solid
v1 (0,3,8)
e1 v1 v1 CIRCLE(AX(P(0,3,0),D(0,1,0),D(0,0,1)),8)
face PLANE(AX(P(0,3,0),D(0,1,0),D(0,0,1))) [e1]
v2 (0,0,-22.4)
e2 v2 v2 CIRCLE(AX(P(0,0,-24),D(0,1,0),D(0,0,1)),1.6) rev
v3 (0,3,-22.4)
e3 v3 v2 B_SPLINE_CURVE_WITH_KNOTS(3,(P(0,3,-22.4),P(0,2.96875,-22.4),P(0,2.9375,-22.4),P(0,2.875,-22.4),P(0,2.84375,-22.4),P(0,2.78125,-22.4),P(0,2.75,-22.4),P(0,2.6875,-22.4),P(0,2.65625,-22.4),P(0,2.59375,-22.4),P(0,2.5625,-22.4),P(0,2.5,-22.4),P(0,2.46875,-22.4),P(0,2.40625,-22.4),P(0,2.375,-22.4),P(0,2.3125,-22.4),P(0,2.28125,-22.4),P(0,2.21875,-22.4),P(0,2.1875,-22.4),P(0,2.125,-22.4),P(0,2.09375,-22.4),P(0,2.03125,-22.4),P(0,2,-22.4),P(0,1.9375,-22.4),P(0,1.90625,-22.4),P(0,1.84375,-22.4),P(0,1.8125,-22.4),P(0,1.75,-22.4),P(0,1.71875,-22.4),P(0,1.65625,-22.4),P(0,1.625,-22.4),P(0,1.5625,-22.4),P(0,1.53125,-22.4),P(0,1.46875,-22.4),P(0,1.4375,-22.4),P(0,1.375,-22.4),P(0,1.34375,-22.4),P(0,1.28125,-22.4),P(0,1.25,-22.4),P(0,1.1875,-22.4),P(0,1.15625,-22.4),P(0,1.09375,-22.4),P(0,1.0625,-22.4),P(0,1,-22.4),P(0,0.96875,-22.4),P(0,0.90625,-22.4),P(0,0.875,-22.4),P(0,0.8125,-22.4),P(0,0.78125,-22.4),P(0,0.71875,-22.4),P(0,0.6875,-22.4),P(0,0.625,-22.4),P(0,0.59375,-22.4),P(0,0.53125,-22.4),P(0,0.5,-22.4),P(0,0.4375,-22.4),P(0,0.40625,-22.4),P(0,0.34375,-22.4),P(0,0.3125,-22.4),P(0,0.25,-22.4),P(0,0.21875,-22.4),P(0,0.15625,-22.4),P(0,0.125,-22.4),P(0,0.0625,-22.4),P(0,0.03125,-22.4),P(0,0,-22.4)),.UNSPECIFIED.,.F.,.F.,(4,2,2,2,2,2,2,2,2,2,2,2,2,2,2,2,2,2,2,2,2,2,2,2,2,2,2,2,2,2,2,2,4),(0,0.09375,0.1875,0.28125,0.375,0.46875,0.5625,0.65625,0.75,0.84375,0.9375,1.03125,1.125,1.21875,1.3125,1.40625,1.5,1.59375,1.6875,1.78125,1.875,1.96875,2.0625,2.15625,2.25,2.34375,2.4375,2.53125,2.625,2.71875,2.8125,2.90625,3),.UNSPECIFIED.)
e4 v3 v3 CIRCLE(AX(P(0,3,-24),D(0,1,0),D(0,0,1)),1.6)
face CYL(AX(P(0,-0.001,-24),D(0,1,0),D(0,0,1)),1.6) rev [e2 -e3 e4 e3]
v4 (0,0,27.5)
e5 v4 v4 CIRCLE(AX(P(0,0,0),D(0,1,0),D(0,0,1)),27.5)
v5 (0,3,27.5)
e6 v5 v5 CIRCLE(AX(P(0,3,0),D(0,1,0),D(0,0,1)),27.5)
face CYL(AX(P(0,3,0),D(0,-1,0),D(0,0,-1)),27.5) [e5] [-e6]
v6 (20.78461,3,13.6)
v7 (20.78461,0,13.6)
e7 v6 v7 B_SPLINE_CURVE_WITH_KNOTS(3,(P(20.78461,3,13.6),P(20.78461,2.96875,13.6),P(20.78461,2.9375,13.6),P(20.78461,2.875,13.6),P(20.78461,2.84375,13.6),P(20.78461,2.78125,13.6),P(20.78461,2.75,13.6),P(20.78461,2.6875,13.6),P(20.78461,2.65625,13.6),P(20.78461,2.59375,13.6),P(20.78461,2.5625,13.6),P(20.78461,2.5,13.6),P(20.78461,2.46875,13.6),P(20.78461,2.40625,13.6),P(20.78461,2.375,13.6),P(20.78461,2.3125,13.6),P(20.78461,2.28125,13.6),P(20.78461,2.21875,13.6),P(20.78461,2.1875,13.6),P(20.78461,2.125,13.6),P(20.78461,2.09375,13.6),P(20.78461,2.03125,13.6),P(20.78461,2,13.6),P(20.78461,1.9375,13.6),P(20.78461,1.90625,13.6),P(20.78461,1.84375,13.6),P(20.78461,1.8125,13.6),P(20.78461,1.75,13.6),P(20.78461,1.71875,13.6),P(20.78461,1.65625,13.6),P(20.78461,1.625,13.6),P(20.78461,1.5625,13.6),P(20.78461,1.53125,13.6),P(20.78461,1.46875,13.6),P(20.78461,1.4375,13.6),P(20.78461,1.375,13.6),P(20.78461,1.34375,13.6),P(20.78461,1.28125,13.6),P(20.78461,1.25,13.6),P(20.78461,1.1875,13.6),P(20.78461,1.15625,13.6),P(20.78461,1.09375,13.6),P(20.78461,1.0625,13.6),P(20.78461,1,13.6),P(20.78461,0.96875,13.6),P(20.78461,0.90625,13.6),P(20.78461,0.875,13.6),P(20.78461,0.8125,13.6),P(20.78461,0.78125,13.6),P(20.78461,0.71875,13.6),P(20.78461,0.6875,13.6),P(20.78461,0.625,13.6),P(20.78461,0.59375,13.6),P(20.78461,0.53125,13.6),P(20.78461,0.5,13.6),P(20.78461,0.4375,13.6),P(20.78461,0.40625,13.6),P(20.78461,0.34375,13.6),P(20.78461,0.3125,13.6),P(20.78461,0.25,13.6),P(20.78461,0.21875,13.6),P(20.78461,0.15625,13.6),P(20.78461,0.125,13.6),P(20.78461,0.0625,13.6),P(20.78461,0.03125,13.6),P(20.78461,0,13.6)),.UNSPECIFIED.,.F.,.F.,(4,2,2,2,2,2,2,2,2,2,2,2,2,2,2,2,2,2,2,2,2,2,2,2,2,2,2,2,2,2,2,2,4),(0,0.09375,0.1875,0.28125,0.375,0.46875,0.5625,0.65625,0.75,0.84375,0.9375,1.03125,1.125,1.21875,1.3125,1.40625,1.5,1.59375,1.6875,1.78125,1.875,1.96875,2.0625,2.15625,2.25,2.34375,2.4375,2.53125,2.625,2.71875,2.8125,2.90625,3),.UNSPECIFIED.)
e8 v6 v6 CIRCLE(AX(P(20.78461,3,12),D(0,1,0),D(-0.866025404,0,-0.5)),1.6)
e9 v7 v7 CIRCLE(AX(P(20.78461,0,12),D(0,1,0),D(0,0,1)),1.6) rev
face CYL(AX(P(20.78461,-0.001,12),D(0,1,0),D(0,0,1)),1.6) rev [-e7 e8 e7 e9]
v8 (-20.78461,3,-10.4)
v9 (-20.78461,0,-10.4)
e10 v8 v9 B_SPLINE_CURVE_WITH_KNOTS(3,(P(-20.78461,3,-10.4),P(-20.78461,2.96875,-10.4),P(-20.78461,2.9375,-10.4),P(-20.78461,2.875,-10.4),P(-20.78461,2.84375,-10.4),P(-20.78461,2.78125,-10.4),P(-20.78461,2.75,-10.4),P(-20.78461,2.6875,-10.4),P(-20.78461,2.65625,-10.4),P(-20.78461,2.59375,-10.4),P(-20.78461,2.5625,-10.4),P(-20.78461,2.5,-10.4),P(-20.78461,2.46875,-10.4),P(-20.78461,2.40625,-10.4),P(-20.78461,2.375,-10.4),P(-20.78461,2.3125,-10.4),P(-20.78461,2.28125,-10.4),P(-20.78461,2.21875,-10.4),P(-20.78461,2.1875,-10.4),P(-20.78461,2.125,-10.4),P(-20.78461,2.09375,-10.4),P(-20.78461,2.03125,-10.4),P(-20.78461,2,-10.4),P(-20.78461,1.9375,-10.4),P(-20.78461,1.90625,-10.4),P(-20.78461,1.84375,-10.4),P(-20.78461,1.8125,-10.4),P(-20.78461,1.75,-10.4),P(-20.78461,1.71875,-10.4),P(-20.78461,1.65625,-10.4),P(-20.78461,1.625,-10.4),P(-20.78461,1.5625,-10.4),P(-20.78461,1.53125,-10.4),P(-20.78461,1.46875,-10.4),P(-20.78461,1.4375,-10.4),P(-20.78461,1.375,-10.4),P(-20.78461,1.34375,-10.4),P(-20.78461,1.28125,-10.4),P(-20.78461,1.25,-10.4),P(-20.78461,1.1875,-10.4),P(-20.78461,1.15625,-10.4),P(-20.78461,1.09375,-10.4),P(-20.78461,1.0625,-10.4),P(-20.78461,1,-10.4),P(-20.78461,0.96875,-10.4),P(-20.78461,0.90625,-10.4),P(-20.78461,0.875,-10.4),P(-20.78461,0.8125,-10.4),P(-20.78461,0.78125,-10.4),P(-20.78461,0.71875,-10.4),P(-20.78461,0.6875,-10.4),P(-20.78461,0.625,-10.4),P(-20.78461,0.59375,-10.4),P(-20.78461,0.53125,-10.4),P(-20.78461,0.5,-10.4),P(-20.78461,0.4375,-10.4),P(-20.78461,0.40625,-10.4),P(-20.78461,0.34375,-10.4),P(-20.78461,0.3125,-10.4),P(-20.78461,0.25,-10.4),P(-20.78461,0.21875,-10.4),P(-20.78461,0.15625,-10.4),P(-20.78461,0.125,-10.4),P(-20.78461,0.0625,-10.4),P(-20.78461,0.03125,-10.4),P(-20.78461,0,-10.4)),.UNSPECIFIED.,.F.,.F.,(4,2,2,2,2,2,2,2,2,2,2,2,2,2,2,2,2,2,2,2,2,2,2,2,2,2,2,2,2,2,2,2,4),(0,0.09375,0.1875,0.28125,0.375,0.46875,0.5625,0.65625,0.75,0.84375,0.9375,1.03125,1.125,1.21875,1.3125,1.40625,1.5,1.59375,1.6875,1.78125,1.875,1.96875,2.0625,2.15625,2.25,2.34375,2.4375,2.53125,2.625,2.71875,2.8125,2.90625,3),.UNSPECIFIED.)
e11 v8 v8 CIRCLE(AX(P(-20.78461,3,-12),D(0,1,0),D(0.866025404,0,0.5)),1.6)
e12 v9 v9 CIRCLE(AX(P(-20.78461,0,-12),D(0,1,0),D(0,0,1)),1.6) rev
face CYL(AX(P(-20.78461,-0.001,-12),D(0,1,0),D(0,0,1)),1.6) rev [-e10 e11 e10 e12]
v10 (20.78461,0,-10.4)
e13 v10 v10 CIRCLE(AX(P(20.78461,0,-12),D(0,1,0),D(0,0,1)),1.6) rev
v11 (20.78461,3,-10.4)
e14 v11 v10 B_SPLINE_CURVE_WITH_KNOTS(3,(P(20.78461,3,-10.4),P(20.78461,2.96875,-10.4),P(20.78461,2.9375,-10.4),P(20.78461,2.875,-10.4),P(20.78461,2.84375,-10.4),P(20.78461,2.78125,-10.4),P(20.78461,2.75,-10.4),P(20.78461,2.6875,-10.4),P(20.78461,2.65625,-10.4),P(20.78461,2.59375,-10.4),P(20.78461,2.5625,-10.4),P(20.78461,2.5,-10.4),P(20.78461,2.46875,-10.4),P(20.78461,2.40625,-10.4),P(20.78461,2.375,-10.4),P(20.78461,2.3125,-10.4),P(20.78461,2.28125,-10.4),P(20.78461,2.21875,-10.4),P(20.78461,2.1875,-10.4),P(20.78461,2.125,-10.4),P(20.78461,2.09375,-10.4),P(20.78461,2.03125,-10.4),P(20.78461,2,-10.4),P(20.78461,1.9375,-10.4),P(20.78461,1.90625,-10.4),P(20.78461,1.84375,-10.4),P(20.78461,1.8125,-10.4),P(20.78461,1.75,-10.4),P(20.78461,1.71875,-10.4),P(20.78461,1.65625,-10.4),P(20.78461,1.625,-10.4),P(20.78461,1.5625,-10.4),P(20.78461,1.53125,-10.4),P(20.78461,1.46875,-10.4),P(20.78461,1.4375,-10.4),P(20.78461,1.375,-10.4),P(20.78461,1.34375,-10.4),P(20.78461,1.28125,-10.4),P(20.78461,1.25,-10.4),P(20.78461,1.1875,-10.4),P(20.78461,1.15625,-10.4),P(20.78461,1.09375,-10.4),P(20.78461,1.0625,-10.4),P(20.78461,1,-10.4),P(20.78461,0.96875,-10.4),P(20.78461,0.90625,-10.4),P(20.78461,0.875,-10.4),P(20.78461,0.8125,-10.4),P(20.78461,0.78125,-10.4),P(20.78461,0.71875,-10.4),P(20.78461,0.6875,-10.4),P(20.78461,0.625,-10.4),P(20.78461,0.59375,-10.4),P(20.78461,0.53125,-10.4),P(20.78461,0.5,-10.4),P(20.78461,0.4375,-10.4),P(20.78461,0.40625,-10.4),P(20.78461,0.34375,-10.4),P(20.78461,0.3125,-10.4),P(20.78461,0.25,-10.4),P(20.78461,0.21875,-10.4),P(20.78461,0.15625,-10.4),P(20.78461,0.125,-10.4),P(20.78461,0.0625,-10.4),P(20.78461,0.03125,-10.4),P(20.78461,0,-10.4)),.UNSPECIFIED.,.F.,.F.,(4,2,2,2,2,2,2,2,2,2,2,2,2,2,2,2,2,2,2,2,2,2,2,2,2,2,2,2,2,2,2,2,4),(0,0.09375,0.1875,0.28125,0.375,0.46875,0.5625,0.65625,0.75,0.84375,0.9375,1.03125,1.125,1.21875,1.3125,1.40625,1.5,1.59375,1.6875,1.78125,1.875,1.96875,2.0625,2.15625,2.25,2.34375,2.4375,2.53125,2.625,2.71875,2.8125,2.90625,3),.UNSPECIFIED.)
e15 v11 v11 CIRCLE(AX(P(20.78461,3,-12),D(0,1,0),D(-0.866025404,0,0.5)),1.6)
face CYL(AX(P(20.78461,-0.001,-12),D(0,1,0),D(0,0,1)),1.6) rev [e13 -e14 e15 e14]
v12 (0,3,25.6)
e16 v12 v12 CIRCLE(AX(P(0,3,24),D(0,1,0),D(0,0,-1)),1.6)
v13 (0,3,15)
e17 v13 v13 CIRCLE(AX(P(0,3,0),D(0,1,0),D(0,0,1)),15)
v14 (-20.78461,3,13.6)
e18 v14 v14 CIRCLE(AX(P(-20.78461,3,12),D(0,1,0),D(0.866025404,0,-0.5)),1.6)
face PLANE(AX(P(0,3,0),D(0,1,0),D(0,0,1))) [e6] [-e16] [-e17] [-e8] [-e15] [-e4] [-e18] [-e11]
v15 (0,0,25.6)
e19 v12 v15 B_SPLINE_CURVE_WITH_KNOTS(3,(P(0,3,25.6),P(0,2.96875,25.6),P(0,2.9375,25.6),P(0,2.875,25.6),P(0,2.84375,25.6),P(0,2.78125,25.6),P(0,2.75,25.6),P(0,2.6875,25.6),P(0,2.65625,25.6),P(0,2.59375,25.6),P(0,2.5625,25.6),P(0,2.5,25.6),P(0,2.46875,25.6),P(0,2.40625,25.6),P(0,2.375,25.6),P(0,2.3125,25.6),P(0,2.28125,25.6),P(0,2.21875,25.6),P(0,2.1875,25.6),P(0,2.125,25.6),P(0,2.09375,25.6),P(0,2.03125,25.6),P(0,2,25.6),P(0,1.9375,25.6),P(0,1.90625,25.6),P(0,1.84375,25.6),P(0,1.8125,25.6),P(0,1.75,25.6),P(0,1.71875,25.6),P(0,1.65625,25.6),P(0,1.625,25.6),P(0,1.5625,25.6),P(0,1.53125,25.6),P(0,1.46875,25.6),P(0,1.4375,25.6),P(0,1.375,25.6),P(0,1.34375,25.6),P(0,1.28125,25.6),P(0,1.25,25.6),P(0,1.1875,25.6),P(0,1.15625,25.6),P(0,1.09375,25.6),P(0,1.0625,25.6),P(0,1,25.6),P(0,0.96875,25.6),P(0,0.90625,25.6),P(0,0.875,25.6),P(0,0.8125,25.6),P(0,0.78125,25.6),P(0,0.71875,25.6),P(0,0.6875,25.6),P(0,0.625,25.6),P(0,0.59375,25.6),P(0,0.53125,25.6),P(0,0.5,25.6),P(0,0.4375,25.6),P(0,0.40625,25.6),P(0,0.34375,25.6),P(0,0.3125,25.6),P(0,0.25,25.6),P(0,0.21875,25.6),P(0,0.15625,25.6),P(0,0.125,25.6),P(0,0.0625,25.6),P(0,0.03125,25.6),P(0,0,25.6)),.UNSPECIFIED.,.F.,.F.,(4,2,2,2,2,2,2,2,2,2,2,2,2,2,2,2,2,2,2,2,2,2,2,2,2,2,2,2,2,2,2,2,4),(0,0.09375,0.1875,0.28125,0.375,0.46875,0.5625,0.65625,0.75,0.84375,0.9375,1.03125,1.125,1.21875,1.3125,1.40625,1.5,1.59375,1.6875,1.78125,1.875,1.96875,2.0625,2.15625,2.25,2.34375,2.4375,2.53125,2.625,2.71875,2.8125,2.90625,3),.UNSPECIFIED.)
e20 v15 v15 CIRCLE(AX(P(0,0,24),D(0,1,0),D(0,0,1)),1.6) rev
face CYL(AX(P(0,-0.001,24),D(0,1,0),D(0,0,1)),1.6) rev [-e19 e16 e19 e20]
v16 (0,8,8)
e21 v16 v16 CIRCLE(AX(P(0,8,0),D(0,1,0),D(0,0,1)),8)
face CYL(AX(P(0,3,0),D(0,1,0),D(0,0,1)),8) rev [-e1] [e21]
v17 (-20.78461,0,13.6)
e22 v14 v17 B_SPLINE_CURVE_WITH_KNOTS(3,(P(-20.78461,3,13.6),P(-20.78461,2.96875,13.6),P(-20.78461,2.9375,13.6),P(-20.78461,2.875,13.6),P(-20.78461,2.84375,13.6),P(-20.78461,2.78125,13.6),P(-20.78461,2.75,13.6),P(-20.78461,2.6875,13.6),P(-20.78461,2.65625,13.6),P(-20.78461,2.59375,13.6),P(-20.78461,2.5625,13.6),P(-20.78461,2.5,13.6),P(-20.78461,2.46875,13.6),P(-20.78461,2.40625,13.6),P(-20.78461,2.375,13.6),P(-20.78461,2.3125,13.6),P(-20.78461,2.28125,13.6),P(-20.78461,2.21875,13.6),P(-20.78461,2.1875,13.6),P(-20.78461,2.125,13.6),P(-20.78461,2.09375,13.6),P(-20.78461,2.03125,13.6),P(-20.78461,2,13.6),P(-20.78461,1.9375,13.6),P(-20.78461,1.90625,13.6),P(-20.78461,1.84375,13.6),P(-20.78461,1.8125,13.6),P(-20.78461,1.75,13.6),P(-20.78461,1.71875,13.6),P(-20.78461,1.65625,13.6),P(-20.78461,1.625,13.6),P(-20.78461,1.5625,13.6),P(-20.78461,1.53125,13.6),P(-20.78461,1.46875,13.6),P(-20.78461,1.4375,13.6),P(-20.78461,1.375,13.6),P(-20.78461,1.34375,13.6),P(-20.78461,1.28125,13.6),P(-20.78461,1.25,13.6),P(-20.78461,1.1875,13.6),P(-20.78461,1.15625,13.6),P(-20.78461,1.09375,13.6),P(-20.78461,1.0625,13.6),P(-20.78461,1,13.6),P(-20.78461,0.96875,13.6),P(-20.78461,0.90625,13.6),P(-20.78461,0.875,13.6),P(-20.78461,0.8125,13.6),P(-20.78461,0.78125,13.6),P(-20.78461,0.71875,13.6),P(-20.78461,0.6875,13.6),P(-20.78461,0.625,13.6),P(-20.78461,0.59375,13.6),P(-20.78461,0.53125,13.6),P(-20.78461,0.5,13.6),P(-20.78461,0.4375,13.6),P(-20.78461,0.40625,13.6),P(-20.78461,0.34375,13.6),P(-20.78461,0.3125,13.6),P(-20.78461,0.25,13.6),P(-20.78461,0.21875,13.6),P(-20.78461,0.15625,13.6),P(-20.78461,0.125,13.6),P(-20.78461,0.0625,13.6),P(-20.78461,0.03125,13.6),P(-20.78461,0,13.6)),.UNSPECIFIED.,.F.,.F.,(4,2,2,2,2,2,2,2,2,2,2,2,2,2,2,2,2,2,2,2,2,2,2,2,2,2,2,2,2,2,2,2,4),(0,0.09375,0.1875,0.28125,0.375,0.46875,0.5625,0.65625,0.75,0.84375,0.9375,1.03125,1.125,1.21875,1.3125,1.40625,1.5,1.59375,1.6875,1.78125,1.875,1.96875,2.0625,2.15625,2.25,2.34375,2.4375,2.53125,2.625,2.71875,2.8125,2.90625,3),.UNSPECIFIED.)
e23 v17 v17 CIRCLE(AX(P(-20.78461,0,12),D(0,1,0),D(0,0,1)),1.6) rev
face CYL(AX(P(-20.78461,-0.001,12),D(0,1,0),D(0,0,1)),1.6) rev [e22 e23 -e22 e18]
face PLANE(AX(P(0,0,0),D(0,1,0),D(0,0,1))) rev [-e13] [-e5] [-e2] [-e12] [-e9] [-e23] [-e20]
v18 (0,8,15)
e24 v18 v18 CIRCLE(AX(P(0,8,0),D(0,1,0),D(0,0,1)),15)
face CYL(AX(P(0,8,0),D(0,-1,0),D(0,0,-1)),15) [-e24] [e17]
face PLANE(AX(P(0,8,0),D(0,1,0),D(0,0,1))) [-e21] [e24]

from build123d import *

# Parameters (mm, degrees)
SKETCH_1_R               = 27.5
EXTRUDE_1_DEPTH          = 3
SKETCH_2_R               = 15
EXTRUDE_2_DEPTH          = 5
CUT_EXTRUDE_1_REACH      = 41.211
SKETCH_4_R               = 1.6
PATTERN_CIRCULAR_1_COUNT = 6
SKETCH_5_R               = 8
CUT_EXTRUDE_2_DEPTH      = 5


with BuildPart() as part:
    # 草图1 → 凸台-拉伸1 (new body)
    with BuildSketch(Plane(origin=(0, 0, 0), x_dir=(1, 0, 0), z_dir=(0, 1, 0))):
        with Locations(Location((0, 0, 0), (0, 0, 270))):
            Circle(SKETCH_1_R)
    extrude(amount=EXTRUDE_1_DEPTH)

    # 草图2 → 凸台-拉伸2 (add)
    with BuildSketch(Plane(origin=(0, 3, 0), x_dir=(1, 0, 0), z_dir=(0, 1, 0))):
        with Locations(Location((0, 0, 0), (0, 0, 270))):
            Circle(SKETCH_2_R)
    extrude(amount=EXTRUDE_2_DEPTH)

    # 草图4 → 切除-拉伸1 (cut, up to next)
    with BuildSketch(Plane(origin=(0, 3, 0), x_dir=(1, 0, 0), z_dir=(0, 1, 0)), mode=Mode.PRIVATE) as cut_extrude_1_sk1:
        with Locations(Location((0, 24, 0), (0, 0, 270))):
            Circle(SKETCH_4_R)
    cut_extrude_1_tool1 = extrude(cut_extrude_1_sk1.sketch, amount=-CUT_EXTRUDE_1_REACH, mode=Mode.PRIVATE) & part.part
    cut_extrude_1 = cut_extrude_1_tool1.solids().sort_by_distance((0, 3, -24))[0]
    add(cut_extrude_1, mode=Mode.SUBTRACT)

    # 阵列(圆周)1: 切除-拉伸1 ×6 about axis
    pattern_circular_1_axis = Axis((0, 0, 0), (0, 1, 0))
    for i in range(1, PATTERN_CIRCULAR_1_COUNT):
        add(cut_extrude_1.rotate(pattern_circular_1_axis, i * 360 / PATTERN_CIRCULAR_1_COUNT), mode=Mode.SUBTRACT)

    # 草图5 → 切除-拉伸2 (cut)
    with BuildSketch(Plane(origin=(0, 8, 0), x_dir=(1, 0, 0), z_dir=(0, 1, 0))):
        with Locations(Location((0, 0, 0), (0, 0, 270))):
            Circle(SKETCH_5_R)
    extrude(amount=-CUT_EXTRUDE_2_DEPTH, mode=Mode.SUBTRACT)


solid = part.part
